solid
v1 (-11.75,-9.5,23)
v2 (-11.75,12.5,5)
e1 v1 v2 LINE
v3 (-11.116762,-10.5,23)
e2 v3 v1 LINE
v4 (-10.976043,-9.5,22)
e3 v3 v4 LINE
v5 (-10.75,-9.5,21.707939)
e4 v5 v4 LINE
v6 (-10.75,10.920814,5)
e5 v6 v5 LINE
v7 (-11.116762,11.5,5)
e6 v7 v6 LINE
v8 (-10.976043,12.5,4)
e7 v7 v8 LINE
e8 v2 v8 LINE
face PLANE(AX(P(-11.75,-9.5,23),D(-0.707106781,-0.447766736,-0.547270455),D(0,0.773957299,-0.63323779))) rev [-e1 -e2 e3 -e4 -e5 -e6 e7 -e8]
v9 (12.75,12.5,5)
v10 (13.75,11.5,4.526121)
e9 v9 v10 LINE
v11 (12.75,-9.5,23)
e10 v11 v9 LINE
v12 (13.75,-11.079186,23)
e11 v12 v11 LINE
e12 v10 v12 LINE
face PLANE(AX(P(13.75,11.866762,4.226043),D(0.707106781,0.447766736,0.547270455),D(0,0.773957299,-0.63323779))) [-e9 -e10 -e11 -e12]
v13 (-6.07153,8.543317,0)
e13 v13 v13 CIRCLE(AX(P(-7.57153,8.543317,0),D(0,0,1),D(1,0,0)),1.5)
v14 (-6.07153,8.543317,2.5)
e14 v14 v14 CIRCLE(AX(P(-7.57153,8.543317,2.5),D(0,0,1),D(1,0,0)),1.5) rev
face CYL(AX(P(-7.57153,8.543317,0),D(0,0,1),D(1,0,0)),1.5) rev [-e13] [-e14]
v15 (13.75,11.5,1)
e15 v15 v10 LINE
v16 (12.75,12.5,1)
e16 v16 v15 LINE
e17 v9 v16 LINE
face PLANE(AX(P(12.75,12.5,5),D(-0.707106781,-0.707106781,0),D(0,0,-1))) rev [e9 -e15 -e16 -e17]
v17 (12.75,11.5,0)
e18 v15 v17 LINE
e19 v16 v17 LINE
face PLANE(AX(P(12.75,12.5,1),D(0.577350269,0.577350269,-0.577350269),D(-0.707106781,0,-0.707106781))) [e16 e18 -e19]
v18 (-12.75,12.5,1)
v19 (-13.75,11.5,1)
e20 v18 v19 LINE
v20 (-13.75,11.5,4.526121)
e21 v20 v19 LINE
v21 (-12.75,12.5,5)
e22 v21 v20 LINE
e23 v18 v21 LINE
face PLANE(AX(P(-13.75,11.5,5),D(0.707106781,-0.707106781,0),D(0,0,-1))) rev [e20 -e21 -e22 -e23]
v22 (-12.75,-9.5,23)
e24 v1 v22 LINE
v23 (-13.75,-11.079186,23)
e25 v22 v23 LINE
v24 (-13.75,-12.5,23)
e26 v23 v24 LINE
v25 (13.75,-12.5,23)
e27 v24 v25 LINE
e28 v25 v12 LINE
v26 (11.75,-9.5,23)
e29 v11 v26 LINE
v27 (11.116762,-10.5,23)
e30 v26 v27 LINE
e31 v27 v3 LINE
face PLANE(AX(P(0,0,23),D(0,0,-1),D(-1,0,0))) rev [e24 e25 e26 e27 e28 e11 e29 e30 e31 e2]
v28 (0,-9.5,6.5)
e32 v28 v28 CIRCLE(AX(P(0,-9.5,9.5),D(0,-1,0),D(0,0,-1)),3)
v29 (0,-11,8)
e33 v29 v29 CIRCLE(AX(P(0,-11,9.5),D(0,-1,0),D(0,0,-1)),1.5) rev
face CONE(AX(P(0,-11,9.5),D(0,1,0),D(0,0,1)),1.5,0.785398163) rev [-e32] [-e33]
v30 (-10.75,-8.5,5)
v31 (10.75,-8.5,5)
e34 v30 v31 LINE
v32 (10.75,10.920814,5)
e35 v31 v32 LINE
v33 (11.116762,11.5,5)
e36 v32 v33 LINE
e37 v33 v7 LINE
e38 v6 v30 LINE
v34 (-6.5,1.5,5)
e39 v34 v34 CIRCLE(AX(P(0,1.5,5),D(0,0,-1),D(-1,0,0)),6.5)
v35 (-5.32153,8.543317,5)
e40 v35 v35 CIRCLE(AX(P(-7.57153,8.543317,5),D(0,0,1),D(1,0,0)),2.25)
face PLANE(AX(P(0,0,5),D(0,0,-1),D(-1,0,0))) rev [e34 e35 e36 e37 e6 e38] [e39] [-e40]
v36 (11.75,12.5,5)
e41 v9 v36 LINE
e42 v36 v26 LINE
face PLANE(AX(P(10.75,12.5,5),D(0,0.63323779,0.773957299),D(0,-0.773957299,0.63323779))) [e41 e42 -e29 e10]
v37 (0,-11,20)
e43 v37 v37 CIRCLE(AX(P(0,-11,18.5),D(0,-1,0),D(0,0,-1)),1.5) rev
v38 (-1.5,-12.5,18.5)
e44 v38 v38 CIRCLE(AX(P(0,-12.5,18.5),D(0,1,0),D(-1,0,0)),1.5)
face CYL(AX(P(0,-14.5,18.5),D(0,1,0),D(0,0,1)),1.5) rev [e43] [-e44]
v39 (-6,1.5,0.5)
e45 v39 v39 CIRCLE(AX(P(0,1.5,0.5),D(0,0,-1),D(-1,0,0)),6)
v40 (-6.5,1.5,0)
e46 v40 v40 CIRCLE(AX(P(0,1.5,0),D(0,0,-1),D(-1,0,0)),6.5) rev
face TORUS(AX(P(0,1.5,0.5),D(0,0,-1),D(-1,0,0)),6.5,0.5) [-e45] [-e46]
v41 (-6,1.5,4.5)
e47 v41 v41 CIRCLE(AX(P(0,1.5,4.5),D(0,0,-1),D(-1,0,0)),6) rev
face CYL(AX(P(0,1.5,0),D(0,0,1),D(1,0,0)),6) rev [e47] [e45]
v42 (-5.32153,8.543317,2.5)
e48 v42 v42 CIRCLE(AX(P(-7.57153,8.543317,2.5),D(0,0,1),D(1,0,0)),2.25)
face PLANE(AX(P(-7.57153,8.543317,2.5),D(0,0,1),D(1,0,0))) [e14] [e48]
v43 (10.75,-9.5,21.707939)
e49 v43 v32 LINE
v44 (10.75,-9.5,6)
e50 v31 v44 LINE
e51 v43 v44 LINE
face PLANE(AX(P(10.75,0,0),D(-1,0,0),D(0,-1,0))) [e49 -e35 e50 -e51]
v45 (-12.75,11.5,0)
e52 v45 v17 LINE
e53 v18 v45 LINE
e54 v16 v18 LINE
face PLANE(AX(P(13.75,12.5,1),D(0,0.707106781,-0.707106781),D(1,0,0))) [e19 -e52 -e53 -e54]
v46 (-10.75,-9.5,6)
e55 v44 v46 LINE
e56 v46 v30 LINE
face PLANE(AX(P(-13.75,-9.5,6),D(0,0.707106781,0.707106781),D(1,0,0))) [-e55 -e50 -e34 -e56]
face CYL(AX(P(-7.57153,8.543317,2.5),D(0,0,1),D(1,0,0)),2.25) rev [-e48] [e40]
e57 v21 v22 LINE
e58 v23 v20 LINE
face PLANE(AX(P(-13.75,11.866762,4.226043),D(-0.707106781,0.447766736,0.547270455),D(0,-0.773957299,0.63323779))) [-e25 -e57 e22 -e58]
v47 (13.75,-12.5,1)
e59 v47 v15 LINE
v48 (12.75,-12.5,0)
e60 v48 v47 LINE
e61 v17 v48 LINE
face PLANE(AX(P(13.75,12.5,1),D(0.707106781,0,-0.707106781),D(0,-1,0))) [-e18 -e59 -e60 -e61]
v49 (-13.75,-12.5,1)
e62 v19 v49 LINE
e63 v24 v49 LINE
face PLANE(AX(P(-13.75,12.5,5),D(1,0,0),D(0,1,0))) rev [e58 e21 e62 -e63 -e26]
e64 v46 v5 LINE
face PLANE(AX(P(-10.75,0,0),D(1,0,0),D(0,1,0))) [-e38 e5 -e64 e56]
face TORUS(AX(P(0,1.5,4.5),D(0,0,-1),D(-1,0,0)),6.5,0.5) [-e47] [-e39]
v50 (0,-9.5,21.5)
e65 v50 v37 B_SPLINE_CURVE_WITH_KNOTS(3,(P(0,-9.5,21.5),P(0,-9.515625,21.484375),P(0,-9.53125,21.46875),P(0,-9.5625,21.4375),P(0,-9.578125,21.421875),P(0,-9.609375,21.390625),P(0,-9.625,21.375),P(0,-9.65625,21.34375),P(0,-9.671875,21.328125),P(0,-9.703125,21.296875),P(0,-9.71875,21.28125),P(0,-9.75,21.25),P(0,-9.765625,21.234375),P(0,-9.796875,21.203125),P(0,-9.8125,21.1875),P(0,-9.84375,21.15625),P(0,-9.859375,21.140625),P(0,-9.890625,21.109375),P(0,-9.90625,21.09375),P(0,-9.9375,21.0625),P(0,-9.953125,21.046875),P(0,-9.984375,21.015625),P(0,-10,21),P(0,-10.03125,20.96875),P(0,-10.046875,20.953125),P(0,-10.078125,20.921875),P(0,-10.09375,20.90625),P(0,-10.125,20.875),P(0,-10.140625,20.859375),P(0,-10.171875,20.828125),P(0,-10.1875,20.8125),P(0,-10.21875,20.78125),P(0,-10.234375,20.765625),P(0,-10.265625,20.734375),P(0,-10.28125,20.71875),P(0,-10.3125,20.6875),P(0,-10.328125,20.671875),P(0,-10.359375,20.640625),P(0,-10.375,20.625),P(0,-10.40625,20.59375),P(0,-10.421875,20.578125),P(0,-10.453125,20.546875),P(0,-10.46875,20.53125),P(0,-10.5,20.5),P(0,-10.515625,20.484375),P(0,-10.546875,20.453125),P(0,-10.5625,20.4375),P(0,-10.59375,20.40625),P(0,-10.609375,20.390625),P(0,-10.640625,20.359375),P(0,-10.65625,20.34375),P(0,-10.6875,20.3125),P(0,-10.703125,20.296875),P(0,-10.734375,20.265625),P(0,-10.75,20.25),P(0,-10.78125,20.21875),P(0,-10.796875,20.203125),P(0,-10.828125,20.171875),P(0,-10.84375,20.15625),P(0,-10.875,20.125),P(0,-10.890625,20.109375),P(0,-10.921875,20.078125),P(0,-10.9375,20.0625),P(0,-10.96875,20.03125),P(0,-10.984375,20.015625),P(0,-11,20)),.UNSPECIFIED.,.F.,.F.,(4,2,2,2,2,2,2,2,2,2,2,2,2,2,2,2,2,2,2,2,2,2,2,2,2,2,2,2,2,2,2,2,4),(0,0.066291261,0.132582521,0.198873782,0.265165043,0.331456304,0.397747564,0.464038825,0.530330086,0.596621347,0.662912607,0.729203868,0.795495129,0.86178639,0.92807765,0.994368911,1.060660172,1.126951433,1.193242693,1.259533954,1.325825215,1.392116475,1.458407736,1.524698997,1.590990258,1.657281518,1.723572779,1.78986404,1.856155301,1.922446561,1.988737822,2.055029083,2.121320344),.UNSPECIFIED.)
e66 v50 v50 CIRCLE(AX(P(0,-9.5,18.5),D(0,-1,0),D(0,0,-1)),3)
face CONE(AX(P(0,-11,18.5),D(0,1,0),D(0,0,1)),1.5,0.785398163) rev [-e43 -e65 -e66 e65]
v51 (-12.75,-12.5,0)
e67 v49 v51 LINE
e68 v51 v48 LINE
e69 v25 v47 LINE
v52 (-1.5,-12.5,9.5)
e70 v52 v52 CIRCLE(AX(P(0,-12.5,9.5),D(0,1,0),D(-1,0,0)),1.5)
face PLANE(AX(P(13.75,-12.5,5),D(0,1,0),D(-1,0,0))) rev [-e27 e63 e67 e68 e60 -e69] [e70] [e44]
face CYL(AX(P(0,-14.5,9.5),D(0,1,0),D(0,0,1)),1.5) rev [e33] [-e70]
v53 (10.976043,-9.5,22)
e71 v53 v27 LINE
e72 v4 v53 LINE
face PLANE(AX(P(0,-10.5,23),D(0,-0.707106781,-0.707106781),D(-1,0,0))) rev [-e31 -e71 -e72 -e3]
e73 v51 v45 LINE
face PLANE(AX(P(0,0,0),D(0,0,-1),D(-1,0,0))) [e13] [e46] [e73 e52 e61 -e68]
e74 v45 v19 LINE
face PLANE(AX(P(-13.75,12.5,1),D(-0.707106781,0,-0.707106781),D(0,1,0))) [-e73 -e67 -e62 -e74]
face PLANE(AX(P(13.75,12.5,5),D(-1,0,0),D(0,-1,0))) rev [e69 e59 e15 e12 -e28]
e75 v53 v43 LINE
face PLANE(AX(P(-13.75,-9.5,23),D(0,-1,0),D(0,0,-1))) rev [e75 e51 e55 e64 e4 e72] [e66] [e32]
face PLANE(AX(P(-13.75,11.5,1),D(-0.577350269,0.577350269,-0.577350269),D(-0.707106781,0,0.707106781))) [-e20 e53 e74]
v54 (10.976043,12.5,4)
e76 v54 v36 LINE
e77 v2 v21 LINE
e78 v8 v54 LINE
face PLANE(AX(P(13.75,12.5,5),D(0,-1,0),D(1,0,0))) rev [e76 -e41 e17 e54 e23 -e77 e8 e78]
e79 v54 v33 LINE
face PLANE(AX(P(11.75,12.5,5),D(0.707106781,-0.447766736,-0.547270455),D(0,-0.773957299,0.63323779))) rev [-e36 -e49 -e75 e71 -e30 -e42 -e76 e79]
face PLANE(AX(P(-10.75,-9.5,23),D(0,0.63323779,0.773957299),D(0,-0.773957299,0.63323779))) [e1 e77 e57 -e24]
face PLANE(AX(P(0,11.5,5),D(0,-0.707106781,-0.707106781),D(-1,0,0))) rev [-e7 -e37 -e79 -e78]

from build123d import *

# Parameters (mm, degrees)
ESBO_O1_W                = 27.5
ESBO_O1_H                = 25
RESSALTO_EXTRUS_O1_DEPTH = 5
ESBO_O2_W                = 27.5
ESBO_O2_H                = 3
RESSALTO_EXTRUS_O2_DEPTH = 18
RESSALTO_EXTRUS_O3_DEPTH = 3
RESSALTO_EXTRUS_O4_DEPTH = 3
ESBO_O5_R                = 1.5
CORTE_EXTRUS_O1_DEPTH    = 5
CHANFRO1_SIZE            = 1.5
CHANFRO2_SIZE            = 1
CHANFRO4_SIZE            = 1
CHANFRO5_SIZE            = 1
ESBO_O6_R                = 6
ESBO_O6_R_2              = 1.5
CORTE_EXTRUS_O2_DEPTH    = 5
FILETE1_R                = 0.5
ESBO_O8_R                = 2.25
CORTE_EXTRUS_O3_DEPTH    = 2.5


with BuildPart() as part:
    # Esboço1 → Ressalto-extrusão1 (new body)
    with BuildSketch(Plane.XY):
        Rectangle(ESBO_O1_W, ESBO_O1_H)
    extrude(amount=RESSALTO_EXTRUS_O1_DEPTH)

    # Esboço2 → Ressalto-extrusão2 (add)
    with BuildSketch(Plane.XY.offset(5)):
        with Locations((0, -11)):
            Rectangle(ESBO_O2_W, ESBO_O2_H)
    extrude(amount=RESSALTO_EXTRUS_O2_DEPTH)

    # Esboço3 → Ressalto-extrusão3 (add)
    with BuildSketch(Plane(origin=(13.75, 0, 0), x_dir=(0, 0, -1), z_dir=(1, 0, 0))):
        Polygon((-5, 12.5), (-23, -9.5), (-5, -9.5), align=None)
    extrude(amount=-RESSALTO_EXTRUS_O3_DEPTH)

    # Esboço4 → Ressalto-extrusão4 (add)
    with BuildSketch(Plane.ZY.offset(13.75)):
        Polygon((5, 12.5), (5, -9.5), (23, -9.5), align=None)
    extrude(amount=-RESSALTO_EXTRUS_O4_DEPTH)

    # Esboço5 → Corte-extrusão1 (cut)
    with BuildSketch(Plane(origin=(0, -9.5, 0), x_dir=(1, 0, 0), z_dir=(0, 1, 0))):
        with Locations(Location((0, -9.5, 0), (0, 0, 270))):
            Circle(ESBO_O5_R)
        with Locations(Location((0, -18.5, 0), (0, 0, 270))):
            Circle(ESBO_O5_R)
    extrude(amount=-CORTE_EXTRUS_O1_DEPTH, mode=Mode.SUBTRACT)

    # Chanfro1
    chanfro1_edges = [part.edges().sort_by_distance(p)[0] for p in [
        (0, -9.5, 8),
        (0, -9.5, 17),
    ]]
    chamfer(chanfro1_edges, length=CHANFRO1_SIZE)

    # Chanfro2
    chanfro2_edges = [part.edges().sort_by_distance(p)[0] for p in [
        (13.75, 1.5, 14),
        (-13.75, 1.5, 14),
        (0, 12.5, 0),
        (13.75, 0, 0),
        (-13.75, 0, 0),
        (-13.75, 12.5, 2.5),
        (13.75, 12.5, 2.5),
    ]]
    chamfer(chanfro2_edges, length=CHANFRO2_SIZE)

    # Chanfro4
    chanfro4_edges = [part.edges().sort_by_distance(p)[0] for p in [
        (10.75, 1.5, 14),
        (-10.75, 1.5, 14),
    ]]
    chamfer(chanfro4_edges, length=CHANFRO4_SIZE)

    # Chanfro5
    chanfro5_edges = [part.edges().sort_by_distance(p)[0] for p in [
        (0, -9.5, 23),
        (0, -9.5, 5),
        (0, 12.5, 5),
    ]]
    chamfer(chanfro5_edges, length=CHANFRO5_SIZE)

    # Esboço6 → Corte-extrusão2 (cut)
    with BuildSketch(Plane.XY.offset(5)):
        with Locations((0, 1.5)):
            Circle(ESBO_O6_R)
        with Locations((-7.571529996, 8.543317004)):
            Circle(ESBO_O6_R_2)
    extrude(amount=-CORTE_EXTRUS_O2_DEPTH, mode=Mode.SUBTRACT)

    # Filete1
    filete1_edges = [part.edges().sort_by_distance(p)[0] for p in [
        (-6, 1.5, 0),
        (-6, 1.5, 5),
    ]]
    fillet(filete1_edges, radius=FILETE1_R)

    # Esboço8 → Corte-extrusão3 (cut)
    with BuildSketch(Plane.XY.offset(5)):
        with Locations((-7.571529996, 8.543317004)):
            Circle(ESBO_O8_R)
    extrude(amount=-CORTE_EXTRUS_O3_DEPTH, mode=Mode.SUBTRACT)


solid = part.part
